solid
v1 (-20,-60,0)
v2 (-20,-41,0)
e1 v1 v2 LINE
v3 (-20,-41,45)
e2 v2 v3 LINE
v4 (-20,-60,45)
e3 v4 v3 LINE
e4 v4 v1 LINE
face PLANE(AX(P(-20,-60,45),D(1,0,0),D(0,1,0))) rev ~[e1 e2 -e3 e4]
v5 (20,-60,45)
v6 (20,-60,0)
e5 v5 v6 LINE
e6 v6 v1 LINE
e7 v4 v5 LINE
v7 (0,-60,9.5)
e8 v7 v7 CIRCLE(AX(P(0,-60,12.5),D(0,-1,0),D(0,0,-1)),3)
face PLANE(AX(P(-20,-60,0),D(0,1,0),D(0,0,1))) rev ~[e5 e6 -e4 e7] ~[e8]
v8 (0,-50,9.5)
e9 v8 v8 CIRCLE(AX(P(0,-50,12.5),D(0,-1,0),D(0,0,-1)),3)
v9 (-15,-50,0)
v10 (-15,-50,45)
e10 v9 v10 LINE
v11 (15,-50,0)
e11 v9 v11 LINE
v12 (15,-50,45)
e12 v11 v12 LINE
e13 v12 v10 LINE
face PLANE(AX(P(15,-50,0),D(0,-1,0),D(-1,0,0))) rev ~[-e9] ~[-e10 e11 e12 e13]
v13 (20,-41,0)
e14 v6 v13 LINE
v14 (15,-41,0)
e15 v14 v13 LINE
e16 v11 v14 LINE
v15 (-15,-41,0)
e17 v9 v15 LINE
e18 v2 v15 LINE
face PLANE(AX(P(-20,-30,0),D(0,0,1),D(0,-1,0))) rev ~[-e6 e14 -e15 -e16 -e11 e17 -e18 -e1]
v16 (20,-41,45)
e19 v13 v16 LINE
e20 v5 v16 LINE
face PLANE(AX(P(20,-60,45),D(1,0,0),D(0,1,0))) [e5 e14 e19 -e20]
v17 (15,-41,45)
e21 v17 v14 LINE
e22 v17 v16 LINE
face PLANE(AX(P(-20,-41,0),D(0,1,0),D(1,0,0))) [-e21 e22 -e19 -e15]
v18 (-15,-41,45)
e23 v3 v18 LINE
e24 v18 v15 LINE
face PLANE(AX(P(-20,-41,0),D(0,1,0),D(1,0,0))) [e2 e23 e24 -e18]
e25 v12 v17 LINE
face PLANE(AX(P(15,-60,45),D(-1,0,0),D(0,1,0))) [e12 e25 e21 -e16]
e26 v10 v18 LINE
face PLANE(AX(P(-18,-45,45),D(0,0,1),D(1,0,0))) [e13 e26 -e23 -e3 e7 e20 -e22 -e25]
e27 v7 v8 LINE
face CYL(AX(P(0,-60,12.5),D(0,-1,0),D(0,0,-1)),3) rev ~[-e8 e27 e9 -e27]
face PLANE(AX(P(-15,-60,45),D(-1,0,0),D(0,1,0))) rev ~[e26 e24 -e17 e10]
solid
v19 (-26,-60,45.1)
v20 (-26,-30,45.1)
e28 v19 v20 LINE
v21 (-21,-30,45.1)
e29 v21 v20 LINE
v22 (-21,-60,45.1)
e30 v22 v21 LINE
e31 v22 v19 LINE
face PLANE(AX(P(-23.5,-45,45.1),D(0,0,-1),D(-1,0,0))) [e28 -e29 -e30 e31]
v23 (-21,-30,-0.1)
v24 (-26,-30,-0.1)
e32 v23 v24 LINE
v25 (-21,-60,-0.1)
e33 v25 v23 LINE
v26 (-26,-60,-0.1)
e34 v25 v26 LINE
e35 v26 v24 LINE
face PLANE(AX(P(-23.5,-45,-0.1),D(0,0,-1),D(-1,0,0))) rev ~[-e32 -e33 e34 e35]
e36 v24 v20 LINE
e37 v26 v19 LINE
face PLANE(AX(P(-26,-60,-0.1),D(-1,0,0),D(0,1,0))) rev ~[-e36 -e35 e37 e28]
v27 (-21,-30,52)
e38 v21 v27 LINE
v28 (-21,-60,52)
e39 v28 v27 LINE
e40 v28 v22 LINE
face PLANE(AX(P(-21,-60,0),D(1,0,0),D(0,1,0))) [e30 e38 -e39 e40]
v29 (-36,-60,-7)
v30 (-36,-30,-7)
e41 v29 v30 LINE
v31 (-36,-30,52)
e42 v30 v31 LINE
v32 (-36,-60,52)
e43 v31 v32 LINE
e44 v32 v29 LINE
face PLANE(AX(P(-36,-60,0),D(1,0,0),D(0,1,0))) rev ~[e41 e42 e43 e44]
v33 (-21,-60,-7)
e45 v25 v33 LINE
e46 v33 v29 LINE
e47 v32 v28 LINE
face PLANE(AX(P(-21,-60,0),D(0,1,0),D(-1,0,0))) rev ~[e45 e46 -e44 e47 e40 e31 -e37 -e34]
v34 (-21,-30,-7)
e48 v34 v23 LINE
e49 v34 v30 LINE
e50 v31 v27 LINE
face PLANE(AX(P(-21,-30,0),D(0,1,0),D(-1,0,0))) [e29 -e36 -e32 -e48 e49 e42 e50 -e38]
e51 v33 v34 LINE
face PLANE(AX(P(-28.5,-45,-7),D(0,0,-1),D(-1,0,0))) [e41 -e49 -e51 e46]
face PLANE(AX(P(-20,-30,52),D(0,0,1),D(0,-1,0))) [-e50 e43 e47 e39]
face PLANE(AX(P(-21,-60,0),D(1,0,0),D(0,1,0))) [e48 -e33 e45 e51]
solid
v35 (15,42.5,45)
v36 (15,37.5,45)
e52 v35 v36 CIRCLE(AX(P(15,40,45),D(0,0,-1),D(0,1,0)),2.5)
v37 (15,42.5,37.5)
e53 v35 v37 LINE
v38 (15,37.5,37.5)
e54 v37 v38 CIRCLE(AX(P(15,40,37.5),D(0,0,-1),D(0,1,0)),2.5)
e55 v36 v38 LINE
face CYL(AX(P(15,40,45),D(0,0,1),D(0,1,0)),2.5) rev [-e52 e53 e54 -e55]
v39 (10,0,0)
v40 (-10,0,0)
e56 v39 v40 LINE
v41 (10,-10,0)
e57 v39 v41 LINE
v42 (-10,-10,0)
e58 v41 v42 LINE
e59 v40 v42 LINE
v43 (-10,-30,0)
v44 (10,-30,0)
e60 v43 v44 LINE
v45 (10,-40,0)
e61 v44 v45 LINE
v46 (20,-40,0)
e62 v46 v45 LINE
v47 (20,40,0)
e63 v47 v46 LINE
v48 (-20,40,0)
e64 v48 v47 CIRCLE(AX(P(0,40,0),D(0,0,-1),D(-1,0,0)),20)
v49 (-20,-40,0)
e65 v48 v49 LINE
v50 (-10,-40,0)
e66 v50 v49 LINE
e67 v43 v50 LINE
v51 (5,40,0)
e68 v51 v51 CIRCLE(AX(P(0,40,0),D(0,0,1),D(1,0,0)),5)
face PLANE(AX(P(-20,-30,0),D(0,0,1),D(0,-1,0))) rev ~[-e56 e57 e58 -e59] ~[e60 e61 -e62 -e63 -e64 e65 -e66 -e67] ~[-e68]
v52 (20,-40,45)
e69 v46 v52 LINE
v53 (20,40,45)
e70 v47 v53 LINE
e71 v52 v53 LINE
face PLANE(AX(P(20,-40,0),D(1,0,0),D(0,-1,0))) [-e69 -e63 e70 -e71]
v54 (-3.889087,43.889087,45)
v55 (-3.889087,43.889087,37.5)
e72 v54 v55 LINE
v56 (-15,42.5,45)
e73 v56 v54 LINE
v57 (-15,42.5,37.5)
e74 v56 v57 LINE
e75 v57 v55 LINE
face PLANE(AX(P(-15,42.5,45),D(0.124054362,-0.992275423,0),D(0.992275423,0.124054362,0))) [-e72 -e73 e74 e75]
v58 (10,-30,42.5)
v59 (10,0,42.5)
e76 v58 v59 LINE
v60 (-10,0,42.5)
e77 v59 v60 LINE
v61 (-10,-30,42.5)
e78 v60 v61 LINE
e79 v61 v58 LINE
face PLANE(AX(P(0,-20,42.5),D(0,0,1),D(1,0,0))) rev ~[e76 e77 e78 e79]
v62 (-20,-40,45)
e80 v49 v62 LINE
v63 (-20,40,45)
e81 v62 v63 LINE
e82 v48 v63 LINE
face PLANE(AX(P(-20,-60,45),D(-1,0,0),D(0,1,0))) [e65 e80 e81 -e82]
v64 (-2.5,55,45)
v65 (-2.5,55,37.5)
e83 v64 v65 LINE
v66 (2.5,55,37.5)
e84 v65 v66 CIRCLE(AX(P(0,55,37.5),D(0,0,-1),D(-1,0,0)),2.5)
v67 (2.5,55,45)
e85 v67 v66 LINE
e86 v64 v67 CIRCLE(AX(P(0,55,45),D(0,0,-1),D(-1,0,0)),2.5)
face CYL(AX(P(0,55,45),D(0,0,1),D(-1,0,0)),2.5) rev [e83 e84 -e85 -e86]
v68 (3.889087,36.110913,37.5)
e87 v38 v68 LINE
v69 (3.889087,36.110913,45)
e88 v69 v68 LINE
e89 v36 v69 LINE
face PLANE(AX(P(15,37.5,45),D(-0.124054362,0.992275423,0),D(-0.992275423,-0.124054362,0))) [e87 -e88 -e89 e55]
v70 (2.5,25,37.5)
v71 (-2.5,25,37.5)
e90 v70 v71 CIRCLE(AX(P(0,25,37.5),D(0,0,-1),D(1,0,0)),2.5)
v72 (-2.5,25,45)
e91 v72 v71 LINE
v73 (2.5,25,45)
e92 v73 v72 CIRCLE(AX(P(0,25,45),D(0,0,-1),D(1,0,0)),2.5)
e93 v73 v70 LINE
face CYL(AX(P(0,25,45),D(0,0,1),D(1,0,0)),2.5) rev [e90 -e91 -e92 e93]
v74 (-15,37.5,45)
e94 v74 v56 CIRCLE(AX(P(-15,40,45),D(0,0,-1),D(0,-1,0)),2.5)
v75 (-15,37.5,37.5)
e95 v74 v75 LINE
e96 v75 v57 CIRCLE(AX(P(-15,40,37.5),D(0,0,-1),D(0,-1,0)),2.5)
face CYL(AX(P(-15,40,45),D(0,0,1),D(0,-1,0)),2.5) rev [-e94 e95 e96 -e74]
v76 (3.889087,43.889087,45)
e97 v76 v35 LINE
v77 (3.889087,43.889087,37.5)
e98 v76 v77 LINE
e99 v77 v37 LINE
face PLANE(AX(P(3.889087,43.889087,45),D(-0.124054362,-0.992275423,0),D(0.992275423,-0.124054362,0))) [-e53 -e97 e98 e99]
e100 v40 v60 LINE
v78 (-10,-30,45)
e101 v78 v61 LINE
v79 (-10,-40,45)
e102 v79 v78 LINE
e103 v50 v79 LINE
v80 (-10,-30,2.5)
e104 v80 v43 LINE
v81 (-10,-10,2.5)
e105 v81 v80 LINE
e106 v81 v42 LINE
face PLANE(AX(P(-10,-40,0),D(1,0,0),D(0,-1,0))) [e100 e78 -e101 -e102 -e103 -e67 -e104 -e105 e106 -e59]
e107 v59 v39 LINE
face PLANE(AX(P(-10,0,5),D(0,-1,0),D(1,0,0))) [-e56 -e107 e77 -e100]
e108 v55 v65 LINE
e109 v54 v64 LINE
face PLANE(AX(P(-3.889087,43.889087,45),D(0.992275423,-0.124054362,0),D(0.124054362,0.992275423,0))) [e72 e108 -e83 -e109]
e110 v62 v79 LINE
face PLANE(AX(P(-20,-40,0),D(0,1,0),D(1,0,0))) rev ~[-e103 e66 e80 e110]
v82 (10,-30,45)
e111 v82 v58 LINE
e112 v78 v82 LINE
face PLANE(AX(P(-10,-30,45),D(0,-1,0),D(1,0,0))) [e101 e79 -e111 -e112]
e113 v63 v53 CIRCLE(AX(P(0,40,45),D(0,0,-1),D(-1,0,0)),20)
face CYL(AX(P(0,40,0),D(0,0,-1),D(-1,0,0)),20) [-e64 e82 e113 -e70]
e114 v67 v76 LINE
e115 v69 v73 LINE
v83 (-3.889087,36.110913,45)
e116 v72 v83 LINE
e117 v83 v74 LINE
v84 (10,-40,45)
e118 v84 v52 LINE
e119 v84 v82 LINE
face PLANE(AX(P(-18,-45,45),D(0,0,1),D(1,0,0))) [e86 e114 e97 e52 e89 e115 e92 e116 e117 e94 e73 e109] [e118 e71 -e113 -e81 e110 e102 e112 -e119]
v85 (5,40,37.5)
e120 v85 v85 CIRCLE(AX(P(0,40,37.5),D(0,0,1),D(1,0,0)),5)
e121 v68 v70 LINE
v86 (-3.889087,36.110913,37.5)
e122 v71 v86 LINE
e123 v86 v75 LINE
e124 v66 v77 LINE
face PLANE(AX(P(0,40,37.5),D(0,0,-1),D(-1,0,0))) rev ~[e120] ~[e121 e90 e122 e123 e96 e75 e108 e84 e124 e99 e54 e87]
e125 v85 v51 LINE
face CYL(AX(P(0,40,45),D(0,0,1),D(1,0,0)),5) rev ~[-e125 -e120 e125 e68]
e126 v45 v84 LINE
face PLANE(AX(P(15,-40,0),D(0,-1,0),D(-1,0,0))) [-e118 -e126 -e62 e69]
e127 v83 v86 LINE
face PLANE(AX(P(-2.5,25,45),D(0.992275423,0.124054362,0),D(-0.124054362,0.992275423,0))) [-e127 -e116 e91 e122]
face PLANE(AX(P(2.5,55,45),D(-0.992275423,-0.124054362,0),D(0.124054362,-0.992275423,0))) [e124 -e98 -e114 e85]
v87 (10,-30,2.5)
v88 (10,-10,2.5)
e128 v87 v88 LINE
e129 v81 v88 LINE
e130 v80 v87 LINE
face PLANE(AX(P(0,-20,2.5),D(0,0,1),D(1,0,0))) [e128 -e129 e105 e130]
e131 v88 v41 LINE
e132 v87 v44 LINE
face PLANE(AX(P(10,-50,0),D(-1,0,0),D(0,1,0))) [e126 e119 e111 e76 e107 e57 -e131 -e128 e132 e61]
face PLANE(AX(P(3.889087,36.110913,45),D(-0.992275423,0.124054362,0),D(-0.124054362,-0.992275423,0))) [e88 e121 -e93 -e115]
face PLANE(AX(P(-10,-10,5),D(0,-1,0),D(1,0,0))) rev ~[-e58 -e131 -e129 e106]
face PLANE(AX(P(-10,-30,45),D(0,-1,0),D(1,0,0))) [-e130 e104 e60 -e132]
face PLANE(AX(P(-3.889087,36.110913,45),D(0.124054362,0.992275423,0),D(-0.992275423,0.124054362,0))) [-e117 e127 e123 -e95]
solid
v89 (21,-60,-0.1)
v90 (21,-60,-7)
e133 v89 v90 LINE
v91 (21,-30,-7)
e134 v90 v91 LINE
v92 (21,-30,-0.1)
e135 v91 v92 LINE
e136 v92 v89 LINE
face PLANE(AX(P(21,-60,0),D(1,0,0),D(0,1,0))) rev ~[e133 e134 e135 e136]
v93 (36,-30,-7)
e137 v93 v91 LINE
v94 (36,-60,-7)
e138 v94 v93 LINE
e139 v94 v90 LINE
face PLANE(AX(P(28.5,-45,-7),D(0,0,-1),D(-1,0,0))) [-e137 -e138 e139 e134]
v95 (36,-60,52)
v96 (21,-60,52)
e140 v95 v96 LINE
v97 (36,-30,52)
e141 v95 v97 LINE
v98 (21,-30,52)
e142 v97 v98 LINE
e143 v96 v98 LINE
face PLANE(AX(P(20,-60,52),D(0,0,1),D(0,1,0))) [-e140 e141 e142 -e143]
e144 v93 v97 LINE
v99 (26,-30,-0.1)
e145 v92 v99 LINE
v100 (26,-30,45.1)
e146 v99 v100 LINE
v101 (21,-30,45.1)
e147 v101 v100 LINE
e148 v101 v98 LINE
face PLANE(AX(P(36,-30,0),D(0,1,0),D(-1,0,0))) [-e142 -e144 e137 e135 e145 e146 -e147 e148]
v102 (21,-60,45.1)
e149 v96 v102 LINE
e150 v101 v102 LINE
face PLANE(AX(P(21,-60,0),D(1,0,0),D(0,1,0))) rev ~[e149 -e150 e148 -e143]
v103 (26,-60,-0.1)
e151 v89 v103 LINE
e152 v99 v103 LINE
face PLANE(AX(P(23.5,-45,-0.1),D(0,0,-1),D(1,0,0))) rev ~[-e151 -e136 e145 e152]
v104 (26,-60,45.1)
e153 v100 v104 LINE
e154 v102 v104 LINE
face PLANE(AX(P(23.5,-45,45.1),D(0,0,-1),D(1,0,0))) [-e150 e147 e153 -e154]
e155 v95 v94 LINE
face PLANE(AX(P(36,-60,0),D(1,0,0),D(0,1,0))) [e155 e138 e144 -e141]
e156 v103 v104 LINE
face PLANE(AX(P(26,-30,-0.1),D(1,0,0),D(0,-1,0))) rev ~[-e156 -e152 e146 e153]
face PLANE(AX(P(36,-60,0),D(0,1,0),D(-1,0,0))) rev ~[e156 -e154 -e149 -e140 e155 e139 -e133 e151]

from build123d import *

# Parameters (mm, degrees)
SALIENTE_EXTRUIR1_DEPTH = 45
CORTAR_EXTRUIR1_DEPTH   = 7.5
CROQUIS3_R              = 5
CORTAR_EXTRUIR2_DEPTH   = 57.5
CROQUIS4_W              = 41.868476083
CROQUIS4_H              = 21.001033166
CORTAR_EXTRUIR3_DEPTH   = 57.5
CORTAR_EXTRUIR4_START   = -2.5
CORTAR_EXTRUIR4_DEPTH   = 40
CORTAR_EXTRUIR5_DEPTH   = 45
CORTAR_EXTRUIR7_START   = -40
CROQUIS7_W              = 20
CROQUIS7_H              = 10
CORTAR_EXTRUIR7_DEPTH   = 20
SALIENTE_EXTRUIR2_DEPTH = 45
CROQUIS9_W              = 5
CROQUIS9_H              = 10
CORTAR_EXTRUIR8_DEPTH   = 45
CROQUIS10_R             = 3
CORTAR_EXTRUIR9_DEPTH   = 20
CROQUIS11_W             = 40
CROQUIS11_H             = 1
CORTAR_EXTRUIR12_DEPTH  = 45
CROQUIS12_W             = 5
CROQUIS12_H             = 30
SALIENTE_EXTRUIR3_DEPTH = 7
CROQUIS13_W             = 30
CROQUIS13_H             = 52
SALIENTE_EXTRUIR4_DEPTH = 16
CROQUIS14_W             = 30
CROQUIS14_H             = 52
SALIENTE_EXTRUIR5_DEPTH = 16
CROQUIS15_W             = 6
CROQUIS15_H             = 30
CORTAR_EXTRUIR13_DEPTH  = 7
CROQUIS16_W             = 6
CROQUIS16_H             = 30
CORTAR_EXTRUIR14_DEPTH  = 7
CROQUIS17_W             = 1
CROQUIS17_H             = 30
CORTAR_EXTRUIR15_DEPTH  = 45
CROQUIS18_W             = 15
CROQUIS18_H             = 30
SALIENTE_EXTRUIR6_DEPTH = 7
CORTAR_EXTRUIR16_START  = -6.9
CROQUIS19_W             = 5
CROQUIS19_H             = 30
CORTAR_EXTRUIR16_DEPTH  = 45.2
CORTAR_EXTRUIR17_START  = -6.9
CROQUIS20_W             = 5
CROQUIS20_H             = 30
CORTAR_EXTRUIR17_DEPTH  = 45.2


with BuildPart() as part:
    # Croquis1 → Saliente-Extruir1 (new body)
    with BuildSketch(Plane(origin=(0, 0, 0), x_dir=(0, 1, 0), z_dir=(0, 0, 1))):
        with BuildLine():
            Line((0, 20), (40, 20))
            ThreePointArc((40, 20), (60, 0), (40, -20))
            Line((40, -20), (0, -20))
            Line((0, -20), (-40, -20))
            ThreePointArc((-40, -20), (-60, 0), (-40, 20))
            Line((-40, 20), (0, 20))
        make_face()
    extrude(amount=SALIENTE_EXTRUIR1_DEPTH)

    # Croquis2 → Cortar-Extruir1 (cut)
    with BuildSketch(Plane.XY.offset(45)):
        with BuildLine():
            Line((-15, 42.5), (-3.889087297, 43.889087297))
            Line((-3.889087297, 43.889087297), (-2.5, 55))
            ThreePointArc((-2.5, 55), (0, 57.5), (2.5, 55))
            Line((2.5, 55), (3.889087297, 43.889087297))
            Line((3.889087297, 43.889087297), (15, 42.5))
            ThreePointArc((15, 42.5), (17.5, 40), (15, 37.5))
            Line((15, 37.5), (3.889087297, 36.110912703))
            Line((3.889087297, 36.110912703), (2.5, 25))
            ThreePointArc((2.5, 25), (0, 22.5), (-2.5, 25))
            Line((-2.5, 25), (-3.889087297, 36.110912703))
            Line((-3.889087297, 36.110912703), (-15, 37.5))
            ThreePointArc((-15, 37.5), (-17.5, 40), (-15, 42.5))
        make_face()
    extrude(amount=-CORTAR_EXTRUIR1_DEPTH, mode=Mode.SUBTRACT)

    # Croquis3 → Cortar-Extruir2 (cut)
    with BuildSketch(Plane.XY.offset(45)):
        with Locations((0, 40)):
            Circle(CROQUIS3_R)
    extrude(amount=-CORTAR_EXTRUIR2_DEPTH, mode=Mode.SUBTRACT)

    # Croquis4 → Cortar-Extruir3 (cut)
    with BuildSketch(Plane.XY.offset(45)):
        with Locations((-0.934238042, -50.500516583)):
            Rectangle(CROQUIS4_W, CROQUIS4_H)
    extrude(amount=-CORTAR_EXTRUIR3_DEPTH, mode=Mode.SUBTRACT)

    # Croquis5 → Cortar-Extruir4 (cut)
    with BuildSketch(Plane.XY.offset(45).offset(CORTAR_EXTRUIR4_START)):
        Polygon((0, -40), (10, -40), (10, 0), (-10, 0), (-10, -40), align=None)
    extrude(amount=-CORTAR_EXTRUIR4_DEPTH, mode=Mode.SUBTRACT)

    # Croquis6 → Cortar-Extruir5 (cut)
    with BuildSketch(Plane.XY.offset(45)):
        Polygon((0, -40), (-10, -40), (-10, -30), (10, -30), (10, -40), align=None)
    extrude(amount=-CORTAR_EXTRUIR5_DEPTH, mode=Mode.SUBTRACT)

    # Croquis7 → Cortar-Extruir7 (cut)
    with BuildSketch(Plane.XY.offset(45).offset(CORTAR_EXTRUIR7_START)):
        with Locations((0, -5)):
            Rectangle(CROQUIS7_W, CROQUIS7_H)
    extrude(amount=-CORTAR_EXTRUIR7_DEPTH, mode=Mode.SUBTRACT)

    # Croquis8 → Saliente-Extruir2 (add)
    with BuildSketch(Plane(origin=(0, 0, 0), x_dir=(1, 0, 0), z_dir=(0, 0, -1))):
        Polygon((10, 50), (10, 40), (20, 40), (20, 60), (-20, 60), (-20, 40), (-10, 40), (-10, 50), align=None)
    extrude(amount=-SALIENTE_EXTRUIR2_DEPTH)

    # Croquis9 → Cortar-Extruir8 (cut)
    with BuildSketch(Plane(origin=(0, 0, 0), x_dir=(-1, 0, 0), z_dir=(0, 0, -1))):
        with Locations((-12.5, -45)):
            Rectangle(CROQUIS9_W, CROQUIS9_H)
        with Locations((12.5, -45)):
            Rectangle(CROQUIS9_W, CROQUIS9_H)
    extrude(amount=-CORTAR_EXTRUIR8_DEPTH, mode=Mode.SUBTRACT)

    # Croquis10 → Cortar-Extruir9 (cut)
    with BuildSketch(Plane.XZ.offset(60)):
        with Locations(Location((0, 12.5, 0), (0, 0, 270))):
            Circle(CROQUIS10_R)
    extrude(amount=-CORTAR_EXTRUIR9_DEPTH, mode=Mode.SUBTRACT)

    # Croquis11 → Cortar-Extruir12 (cut)
    with BuildSketch(Plane(origin=(0, 0, 0), x_dir=(1, 0, 0), z_dir=(0, 0, -1))):
        with Locations((0, 40.5)):
            Rectangle(CROQUIS11_W, CROQUIS11_H)
    extrude(amount=-CORTAR_EXTRUIR12_DEPTH, mode=Mode.SUBTRACT)


with BuildPart() as cortar_extruir12_piece_1:
    # of the separate pieces the step leaves, piece 1, a body of its own (cortar_extruir12_pieces)
    add(part.part.solids().sort_by_distance((-20, 40, 0))[0])



with BuildPart() as cortar_extruir12_piece_2:
    # of the separate pieces the step leaves, piece 2, a body of its own (cortar_extruir12_pieces)
    add(part.part.solids().sort_by_distance((-20, -41, 0))[0])


with BuildPart() as cortar_extruir12_piece_1_1:
    add(cortar_extruir12_piece_1.part)

    add(cortar_extruir12_piece_2.part)  # Saliente-Extruir3 merges Cortar-Extruir12 piece 2
    # Croquis12 → Saliente-Extruir3 (add)
    with BuildSketch(Plane.XY.offset(45)):
        with Locations((-17.5, -45)):
            Rectangle(CROQUIS12_W, CROQUIS12_H)
        with Locations((17.5, -45)):
            Rectangle(CROQUIS12_W, CROQUIS12_H)
    extrude(amount=SALIENTE_EXTRUIR3_DEPTH)

    # Croquis13 → Saliente-Extruir4 (add)
    with BuildSketch(Plane.YZ.offset(20)):
        with Locations((-45, 26)):
            Rectangle(CROQUIS13_W, CROQUIS13_H)
    extrude(amount=SALIENTE_EXTRUIR4_DEPTH)

    # Croquis14 → Saliente-Extruir5 (add)
    with BuildSketch(Plane(origin=(-20, 0, 0), x_dir=(0, -1, 0), z_dir=(-1, 0, 0))):
        with Locations((45, 26)):
            Rectangle(CROQUIS14_W, CROQUIS14_H)
    extrude(amount=SALIENTE_EXTRUIR5_DEPTH)

    # Croquis15 → Cortar-Extruir13 (cut)
    with BuildSketch(Plane.XY.offset(52)):
        with Locations((18, -45)):
            Rectangle(CROQUIS15_W, CROQUIS15_H)
    extrude(amount=-CORTAR_EXTRUIR13_DEPTH, mode=Mode.SUBTRACT)

    # Croquis16 → Cortar-Extruir14 (cut)
    with BuildSketch(Plane.XY.offset(52)):
        with Locations((-18, -45)):
            Rectangle(CROQUIS16_W, CROQUIS16_H)
    extrude(amount=-CORTAR_EXTRUIR14_DEPTH, mode=Mode.SUBTRACT)

    # Croquis17 → Cortar-Extruir15 (cut)
    with BuildSketch(Plane.XY.offset(45)):
        with Locations((20.5, -45)):
            Rectangle(CROQUIS17_W, CROQUIS17_H)
        with Locations((-20.5, -45)):
            Rectangle(CROQUIS17_W, CROQUIS17_H)
    extrude(amount=-CORTAR_EXTRUIR15_DEPTH, mode=Mode.SUBTRACT)


with BuildPart() as cortar_extruir15_piece_1:
    # of the separate pieces the step leaves, piece 1, a body of its own (cortar_extruir15_pieces)
    add(cortar_extruir12_piece_1_1.part.solids().sort_by_distance((-20, 40, 0))[0])


with BuildPart() as cortar_extruir15_piece_2:
    # of the separate pieces the step leaves, piece 2, a body of its own (cortar_extruir15_pieces)
    add(cortar_extruir12_piece_1_1.part.solids().sort_by_distance((-21, -30, 52))[0])



with BuildPart() as cortar_extruir15_piece_3:
    # of the separate pieces the step leaves, piece 3, a body of its own (cortar_extruir15_pieces)
    add(cortar_extruir12_piece_1_1.part.solids().sort_by_distance((36, -60, 0))[0])


with BuildPart() as cortar_extruir15_piece_4:
    # of the separate pieces the step leaves, piece 4, a body of its own (cortar_extruir15_pieces)
    add(cortar_extruir12_piece_1_1.part.solids().sort_by_distance((-20, -41, 0))[0])


with BuildPart() as cortar_extruir15_piece_2_1:
    add(cortar_extruir15_piece_2.part)

    add(cortar_extruir15_piece_3.part)  # Saliente-Extruir6 merges Cortar-Extruir15 piece 3
    # Croquis18 → Saliente-Extruir6 (add)
    with BuildSketch(Plane(origin=(0, 0, 0), x_dir=(-1, 0, 0), z_dir=(0, 0, -1))):
        with Locations((28.5, -45)):
            Rectangle(CROQUIS18_W, CROQUIS18_H)
        with Locations((-28.5, -45)):
            Rectangle(CROQUIS18_W, CROQUIS18_H)
    extrude(amount=SALIENTE_EXTRUIR6_DEPTH)

    # Croquis19 → Cortar-Extruir16 (cut)
    with BuildSketch(Plane(origin=(0, 0, -7), x_dir=(-1, 0, 0), z_dir=(0, 0, -1)).offset(CORTAR_EXTRUIR16_START)):
        with Locations((23.5, -45)):
            Rectangle(CROQUIS19_W, CROQUIS19_H)
    extrude(amount=-CORTAR_EXTRUIR16_DEPTH, mode=Mode.SUBTRACT)

    # Croquis20 → Cortar-Extruir17 (cut)
    with BuildSketch(Plane(origin=(0, 0, -7), x_dir=(1, 0, 0), z_dir=(0, 0, -1)).offset(CORTAR_EXTRUIR17_START)):
        with Locations((23.5, 45)):
            Rectangle(CROQUIS20_W, CROQUIS20_H)
    extrude(amount=-CORTAR_EXTRUIR17_DEPTH, mode=Mode.SUBTRACT)


solid = Compound([cortar_extruir15_piece_1.part, cortar_extruir15_piece_4.part, cortar_extruir15_piece_2_1.part])
